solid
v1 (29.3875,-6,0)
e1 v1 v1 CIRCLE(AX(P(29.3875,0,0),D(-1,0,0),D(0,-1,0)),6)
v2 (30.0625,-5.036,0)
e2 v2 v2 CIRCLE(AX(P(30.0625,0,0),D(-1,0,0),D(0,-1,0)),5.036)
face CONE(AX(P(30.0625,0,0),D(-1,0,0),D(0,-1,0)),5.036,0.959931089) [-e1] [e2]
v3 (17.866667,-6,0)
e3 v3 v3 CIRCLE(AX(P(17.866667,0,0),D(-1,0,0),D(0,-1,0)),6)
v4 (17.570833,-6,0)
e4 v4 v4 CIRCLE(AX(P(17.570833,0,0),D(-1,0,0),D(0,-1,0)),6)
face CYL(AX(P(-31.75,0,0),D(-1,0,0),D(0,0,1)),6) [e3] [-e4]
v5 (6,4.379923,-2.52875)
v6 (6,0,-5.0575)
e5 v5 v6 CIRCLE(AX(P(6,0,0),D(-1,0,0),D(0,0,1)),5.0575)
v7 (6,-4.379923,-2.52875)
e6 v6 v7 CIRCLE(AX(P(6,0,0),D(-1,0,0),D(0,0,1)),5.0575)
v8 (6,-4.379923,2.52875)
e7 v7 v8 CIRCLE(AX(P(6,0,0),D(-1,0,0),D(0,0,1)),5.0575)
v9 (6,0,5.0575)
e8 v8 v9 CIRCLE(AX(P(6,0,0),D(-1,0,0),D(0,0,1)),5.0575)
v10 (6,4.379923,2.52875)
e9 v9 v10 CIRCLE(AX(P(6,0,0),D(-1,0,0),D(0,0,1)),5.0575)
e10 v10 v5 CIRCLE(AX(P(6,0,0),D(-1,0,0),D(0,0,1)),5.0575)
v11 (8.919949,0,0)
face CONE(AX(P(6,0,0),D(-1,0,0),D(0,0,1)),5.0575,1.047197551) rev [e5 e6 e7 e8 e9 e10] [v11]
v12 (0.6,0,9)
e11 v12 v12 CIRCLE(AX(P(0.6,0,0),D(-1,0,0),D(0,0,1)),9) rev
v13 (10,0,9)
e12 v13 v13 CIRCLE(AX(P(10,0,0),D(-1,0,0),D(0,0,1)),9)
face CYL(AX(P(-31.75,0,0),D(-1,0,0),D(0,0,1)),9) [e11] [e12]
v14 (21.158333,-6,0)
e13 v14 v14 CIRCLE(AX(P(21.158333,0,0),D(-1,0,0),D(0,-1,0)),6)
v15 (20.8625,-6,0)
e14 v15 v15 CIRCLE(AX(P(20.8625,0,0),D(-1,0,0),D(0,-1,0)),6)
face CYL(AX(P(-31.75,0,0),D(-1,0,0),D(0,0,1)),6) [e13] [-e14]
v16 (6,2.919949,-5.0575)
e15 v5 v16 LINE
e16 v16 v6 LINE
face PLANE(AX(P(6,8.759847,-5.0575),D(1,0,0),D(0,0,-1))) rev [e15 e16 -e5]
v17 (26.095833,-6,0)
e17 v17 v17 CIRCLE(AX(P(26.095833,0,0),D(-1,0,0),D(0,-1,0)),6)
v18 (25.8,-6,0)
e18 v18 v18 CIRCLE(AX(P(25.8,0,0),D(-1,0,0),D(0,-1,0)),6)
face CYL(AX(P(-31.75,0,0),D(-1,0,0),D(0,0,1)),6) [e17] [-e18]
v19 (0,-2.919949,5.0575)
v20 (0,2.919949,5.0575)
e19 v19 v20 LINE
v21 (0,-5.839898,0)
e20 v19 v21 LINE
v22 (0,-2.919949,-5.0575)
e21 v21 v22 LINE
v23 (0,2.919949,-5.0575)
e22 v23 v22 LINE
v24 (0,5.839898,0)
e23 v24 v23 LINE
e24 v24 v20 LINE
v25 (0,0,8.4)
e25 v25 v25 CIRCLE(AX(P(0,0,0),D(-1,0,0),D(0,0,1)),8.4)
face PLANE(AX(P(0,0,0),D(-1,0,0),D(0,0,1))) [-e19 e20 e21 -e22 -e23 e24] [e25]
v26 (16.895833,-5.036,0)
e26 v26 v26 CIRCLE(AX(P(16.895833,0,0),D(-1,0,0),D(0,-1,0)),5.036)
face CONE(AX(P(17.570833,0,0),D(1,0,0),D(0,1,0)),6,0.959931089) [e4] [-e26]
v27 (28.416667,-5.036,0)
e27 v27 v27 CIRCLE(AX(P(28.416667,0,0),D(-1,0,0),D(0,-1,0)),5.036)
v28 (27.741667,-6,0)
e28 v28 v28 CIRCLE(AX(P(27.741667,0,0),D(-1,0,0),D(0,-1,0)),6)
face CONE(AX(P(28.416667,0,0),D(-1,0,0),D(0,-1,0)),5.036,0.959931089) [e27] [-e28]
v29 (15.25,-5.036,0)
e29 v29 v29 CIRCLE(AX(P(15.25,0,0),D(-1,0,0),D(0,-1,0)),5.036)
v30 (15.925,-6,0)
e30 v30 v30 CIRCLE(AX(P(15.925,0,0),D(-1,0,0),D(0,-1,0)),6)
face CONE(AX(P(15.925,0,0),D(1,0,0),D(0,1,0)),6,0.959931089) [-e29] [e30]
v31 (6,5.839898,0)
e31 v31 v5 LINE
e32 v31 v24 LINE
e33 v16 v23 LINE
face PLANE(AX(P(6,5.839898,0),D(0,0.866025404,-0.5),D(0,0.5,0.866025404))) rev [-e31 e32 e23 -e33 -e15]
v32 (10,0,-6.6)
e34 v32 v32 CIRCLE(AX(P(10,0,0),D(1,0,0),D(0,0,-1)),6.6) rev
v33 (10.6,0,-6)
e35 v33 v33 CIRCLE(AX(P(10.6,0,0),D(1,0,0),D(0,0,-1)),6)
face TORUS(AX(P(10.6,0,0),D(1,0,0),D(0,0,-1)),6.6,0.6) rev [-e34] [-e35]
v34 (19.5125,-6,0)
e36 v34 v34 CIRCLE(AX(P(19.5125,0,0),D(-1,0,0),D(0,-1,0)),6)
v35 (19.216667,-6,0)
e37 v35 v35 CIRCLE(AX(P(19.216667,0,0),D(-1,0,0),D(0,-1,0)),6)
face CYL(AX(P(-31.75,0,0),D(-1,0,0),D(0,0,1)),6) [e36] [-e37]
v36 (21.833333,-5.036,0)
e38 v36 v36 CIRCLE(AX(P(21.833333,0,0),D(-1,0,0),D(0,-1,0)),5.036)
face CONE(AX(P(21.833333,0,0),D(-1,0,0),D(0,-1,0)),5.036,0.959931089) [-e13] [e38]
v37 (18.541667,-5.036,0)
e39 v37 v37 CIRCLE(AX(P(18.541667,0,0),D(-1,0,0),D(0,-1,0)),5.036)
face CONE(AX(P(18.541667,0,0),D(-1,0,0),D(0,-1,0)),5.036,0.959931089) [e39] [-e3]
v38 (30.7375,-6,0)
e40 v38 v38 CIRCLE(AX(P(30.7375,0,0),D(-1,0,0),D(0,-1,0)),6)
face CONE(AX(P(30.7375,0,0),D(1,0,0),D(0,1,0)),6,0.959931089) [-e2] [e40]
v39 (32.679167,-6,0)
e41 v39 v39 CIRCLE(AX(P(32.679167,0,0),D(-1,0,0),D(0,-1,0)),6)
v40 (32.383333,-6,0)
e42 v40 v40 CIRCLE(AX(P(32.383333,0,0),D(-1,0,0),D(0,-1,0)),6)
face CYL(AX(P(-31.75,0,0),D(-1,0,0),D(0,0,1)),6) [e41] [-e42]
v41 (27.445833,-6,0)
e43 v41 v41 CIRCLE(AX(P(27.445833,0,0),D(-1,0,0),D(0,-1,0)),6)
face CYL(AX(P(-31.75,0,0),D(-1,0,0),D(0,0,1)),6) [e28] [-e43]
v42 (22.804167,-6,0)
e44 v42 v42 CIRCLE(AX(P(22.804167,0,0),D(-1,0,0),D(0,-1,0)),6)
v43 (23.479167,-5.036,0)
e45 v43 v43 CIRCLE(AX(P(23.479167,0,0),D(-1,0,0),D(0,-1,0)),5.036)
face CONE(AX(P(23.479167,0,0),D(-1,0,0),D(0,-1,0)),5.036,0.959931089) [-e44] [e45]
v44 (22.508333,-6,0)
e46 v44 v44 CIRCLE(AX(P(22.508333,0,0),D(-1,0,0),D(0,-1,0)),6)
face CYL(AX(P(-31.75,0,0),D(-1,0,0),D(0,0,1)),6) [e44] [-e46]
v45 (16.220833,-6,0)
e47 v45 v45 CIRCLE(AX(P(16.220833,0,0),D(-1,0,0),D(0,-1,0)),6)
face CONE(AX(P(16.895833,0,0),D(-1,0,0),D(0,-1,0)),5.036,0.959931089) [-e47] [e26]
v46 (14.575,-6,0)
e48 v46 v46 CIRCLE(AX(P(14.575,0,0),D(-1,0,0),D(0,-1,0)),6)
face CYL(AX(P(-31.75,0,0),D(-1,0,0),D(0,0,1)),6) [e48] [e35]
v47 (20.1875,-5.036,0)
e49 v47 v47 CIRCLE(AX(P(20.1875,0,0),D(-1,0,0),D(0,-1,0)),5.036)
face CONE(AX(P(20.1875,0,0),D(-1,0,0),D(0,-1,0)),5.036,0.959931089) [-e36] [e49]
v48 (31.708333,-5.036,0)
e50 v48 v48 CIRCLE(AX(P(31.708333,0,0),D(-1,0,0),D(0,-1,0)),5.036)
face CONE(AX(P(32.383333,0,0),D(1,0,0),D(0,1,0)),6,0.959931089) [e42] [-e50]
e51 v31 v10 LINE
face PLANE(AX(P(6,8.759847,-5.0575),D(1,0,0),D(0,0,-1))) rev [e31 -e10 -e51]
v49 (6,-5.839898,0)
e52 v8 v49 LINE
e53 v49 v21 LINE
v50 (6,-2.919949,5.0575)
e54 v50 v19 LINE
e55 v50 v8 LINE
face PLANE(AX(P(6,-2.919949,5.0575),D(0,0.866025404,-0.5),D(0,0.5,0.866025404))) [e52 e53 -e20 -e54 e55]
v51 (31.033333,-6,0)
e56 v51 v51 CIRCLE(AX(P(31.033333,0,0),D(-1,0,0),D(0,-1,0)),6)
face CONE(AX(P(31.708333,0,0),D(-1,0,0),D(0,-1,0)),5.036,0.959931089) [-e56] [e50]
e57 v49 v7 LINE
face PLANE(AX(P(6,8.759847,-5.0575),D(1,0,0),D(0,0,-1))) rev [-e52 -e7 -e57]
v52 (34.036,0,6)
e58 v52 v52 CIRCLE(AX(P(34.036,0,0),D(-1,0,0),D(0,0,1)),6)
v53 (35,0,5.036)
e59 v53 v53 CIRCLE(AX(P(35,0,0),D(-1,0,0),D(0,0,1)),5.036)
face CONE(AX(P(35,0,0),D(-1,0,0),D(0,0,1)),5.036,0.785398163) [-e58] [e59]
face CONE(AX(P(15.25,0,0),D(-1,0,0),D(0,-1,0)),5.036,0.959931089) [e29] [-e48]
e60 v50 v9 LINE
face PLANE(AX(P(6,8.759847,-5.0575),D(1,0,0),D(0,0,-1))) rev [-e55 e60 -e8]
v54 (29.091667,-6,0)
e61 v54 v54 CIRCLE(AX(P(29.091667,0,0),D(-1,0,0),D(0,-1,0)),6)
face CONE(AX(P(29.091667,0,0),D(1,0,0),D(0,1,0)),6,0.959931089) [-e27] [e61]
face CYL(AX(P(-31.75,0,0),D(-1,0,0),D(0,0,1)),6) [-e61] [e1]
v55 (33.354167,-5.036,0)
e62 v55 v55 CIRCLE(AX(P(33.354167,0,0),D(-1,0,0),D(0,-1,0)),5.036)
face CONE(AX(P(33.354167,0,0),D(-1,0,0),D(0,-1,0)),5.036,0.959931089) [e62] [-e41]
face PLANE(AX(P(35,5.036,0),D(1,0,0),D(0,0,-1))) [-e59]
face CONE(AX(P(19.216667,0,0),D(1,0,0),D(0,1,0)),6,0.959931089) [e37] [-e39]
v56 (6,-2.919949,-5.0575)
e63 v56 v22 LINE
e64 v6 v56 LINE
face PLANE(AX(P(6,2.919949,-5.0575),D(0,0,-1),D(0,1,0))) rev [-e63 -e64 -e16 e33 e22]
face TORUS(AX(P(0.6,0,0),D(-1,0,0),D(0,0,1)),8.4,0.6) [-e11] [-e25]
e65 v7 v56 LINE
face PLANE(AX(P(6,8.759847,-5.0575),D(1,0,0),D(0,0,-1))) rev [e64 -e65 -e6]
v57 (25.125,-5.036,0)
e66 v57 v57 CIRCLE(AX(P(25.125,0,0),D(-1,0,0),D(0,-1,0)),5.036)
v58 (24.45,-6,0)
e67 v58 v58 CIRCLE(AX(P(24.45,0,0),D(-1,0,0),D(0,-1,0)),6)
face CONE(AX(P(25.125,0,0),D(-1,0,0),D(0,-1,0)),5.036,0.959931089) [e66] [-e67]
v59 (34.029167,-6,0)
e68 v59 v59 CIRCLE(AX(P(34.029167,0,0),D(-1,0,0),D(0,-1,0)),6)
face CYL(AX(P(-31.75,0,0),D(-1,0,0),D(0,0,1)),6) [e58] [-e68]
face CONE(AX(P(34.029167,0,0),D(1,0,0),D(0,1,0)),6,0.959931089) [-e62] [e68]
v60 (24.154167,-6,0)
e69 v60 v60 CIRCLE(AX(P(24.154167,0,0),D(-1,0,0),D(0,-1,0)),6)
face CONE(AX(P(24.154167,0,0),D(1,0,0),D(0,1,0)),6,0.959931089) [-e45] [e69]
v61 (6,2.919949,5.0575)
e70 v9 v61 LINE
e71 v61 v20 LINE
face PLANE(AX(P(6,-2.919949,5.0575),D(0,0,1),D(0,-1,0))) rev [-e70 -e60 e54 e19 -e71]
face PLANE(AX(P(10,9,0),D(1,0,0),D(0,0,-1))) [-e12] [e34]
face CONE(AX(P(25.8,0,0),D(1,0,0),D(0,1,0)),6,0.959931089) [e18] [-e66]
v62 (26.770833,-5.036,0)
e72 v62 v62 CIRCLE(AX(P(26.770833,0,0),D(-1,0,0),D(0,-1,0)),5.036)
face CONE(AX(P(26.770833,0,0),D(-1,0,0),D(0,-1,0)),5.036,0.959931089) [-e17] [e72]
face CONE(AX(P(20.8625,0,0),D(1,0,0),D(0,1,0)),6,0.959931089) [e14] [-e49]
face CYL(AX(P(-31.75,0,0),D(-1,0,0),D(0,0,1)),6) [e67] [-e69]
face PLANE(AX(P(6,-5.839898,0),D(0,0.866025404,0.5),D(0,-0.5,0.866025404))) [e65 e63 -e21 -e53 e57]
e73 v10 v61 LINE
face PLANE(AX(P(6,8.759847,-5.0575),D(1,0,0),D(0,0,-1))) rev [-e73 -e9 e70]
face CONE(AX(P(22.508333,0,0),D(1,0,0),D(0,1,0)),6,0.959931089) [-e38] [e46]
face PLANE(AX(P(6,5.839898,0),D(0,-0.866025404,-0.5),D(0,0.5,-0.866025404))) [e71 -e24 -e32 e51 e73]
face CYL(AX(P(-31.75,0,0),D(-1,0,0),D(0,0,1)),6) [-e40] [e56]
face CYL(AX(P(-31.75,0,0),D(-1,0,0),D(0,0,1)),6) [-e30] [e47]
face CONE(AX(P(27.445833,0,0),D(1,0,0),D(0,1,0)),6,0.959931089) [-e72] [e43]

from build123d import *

# Parameters (mm, degrees)
FILLET1_R       = 0.6
FILLET2_R       = 0.6
HEX_2_DEPTH     = 6
THDSCHPAT_COUNT = 12
THDSCHPAT_PITCH = 1.645833333


with BuildPart() as part:
    # BodySke → Base-Revolve (revolve)
    with BuildSketch(Plane.XY):
        Polygon((0, 0), (0, 9), (10, 9), (10, 6), (34.036, 6), (35, 5.036), (35, 0), align=None)
    revolve(axis=Axis((-31.75, 0, 0), (1, 0, 0)))

    # Fillet1
    fillet1_edges = [part.edges().sort_by_distance(p)[0] for p in [
        (10, -6, 0),
    ]]
    fillet(fillet1_edges, radius=FILLET1_R)

    # Fillet2
    fillet2_edges = [part.edges().sort_by_distance(p)[0] for p in [
        (0, -9, 0),
    ]]
    fillet(fillet2_edges, radius=FILLET2_R)

    # Sketch2 → Hex-PreBroach (revolve, cut)
    with BuildSketch(Plane.XY):
        Polygon((0, 5.0575), (6, 5.0575), (8.919948986, 0), (0, 0), align=None)
    revolve(axis=Axis((0, 0, 0), (1, 0, 0)), mode=Mode.SUBTRACT)

    # Sketch3 → Hex 2 (cut)
    with BuildSketch(Plane(origin=(0, 0, 0), x_dir=(0, 0.5, 0.866025404), z_dir=(-1, 0, 0))):
        Polygon((2.919948986, 5.0575), (-2.919948986, 5.0575), (-5.839897973, 0), (-2.919948986, -5.0575), (2.919948986, -5.0575), (5.839897973, 0), align=None)
    extrude(amount=-HEX_2_DEPTH, mode=Mode.SUBTRACT)

    # ThdSchSke → ThreadSchematic (revolve, cut)
    with BuildSketch(Plane.XY):
        Polygon((15.25, -5.036), (14.574999933, -6), (14.574999933, -7.5), (15.925000067, -7.5), (15.925000067, -6), align=None)
    threadschematic = revolve(axis=Axis((-3.175, 0, 0), (1, 0, 0)), mode=Mode.SUBTRACT)

    # ThdSchPat: ThreadSchematic ×12
    with Locations(*[(i * THDSCHPAT_PITCH, 0, 0) for i in range(1, THDSCHPAT_COUNT)]):
        add(threadschematic, mode=Mode.SUBTRACT)


solid = part.part
